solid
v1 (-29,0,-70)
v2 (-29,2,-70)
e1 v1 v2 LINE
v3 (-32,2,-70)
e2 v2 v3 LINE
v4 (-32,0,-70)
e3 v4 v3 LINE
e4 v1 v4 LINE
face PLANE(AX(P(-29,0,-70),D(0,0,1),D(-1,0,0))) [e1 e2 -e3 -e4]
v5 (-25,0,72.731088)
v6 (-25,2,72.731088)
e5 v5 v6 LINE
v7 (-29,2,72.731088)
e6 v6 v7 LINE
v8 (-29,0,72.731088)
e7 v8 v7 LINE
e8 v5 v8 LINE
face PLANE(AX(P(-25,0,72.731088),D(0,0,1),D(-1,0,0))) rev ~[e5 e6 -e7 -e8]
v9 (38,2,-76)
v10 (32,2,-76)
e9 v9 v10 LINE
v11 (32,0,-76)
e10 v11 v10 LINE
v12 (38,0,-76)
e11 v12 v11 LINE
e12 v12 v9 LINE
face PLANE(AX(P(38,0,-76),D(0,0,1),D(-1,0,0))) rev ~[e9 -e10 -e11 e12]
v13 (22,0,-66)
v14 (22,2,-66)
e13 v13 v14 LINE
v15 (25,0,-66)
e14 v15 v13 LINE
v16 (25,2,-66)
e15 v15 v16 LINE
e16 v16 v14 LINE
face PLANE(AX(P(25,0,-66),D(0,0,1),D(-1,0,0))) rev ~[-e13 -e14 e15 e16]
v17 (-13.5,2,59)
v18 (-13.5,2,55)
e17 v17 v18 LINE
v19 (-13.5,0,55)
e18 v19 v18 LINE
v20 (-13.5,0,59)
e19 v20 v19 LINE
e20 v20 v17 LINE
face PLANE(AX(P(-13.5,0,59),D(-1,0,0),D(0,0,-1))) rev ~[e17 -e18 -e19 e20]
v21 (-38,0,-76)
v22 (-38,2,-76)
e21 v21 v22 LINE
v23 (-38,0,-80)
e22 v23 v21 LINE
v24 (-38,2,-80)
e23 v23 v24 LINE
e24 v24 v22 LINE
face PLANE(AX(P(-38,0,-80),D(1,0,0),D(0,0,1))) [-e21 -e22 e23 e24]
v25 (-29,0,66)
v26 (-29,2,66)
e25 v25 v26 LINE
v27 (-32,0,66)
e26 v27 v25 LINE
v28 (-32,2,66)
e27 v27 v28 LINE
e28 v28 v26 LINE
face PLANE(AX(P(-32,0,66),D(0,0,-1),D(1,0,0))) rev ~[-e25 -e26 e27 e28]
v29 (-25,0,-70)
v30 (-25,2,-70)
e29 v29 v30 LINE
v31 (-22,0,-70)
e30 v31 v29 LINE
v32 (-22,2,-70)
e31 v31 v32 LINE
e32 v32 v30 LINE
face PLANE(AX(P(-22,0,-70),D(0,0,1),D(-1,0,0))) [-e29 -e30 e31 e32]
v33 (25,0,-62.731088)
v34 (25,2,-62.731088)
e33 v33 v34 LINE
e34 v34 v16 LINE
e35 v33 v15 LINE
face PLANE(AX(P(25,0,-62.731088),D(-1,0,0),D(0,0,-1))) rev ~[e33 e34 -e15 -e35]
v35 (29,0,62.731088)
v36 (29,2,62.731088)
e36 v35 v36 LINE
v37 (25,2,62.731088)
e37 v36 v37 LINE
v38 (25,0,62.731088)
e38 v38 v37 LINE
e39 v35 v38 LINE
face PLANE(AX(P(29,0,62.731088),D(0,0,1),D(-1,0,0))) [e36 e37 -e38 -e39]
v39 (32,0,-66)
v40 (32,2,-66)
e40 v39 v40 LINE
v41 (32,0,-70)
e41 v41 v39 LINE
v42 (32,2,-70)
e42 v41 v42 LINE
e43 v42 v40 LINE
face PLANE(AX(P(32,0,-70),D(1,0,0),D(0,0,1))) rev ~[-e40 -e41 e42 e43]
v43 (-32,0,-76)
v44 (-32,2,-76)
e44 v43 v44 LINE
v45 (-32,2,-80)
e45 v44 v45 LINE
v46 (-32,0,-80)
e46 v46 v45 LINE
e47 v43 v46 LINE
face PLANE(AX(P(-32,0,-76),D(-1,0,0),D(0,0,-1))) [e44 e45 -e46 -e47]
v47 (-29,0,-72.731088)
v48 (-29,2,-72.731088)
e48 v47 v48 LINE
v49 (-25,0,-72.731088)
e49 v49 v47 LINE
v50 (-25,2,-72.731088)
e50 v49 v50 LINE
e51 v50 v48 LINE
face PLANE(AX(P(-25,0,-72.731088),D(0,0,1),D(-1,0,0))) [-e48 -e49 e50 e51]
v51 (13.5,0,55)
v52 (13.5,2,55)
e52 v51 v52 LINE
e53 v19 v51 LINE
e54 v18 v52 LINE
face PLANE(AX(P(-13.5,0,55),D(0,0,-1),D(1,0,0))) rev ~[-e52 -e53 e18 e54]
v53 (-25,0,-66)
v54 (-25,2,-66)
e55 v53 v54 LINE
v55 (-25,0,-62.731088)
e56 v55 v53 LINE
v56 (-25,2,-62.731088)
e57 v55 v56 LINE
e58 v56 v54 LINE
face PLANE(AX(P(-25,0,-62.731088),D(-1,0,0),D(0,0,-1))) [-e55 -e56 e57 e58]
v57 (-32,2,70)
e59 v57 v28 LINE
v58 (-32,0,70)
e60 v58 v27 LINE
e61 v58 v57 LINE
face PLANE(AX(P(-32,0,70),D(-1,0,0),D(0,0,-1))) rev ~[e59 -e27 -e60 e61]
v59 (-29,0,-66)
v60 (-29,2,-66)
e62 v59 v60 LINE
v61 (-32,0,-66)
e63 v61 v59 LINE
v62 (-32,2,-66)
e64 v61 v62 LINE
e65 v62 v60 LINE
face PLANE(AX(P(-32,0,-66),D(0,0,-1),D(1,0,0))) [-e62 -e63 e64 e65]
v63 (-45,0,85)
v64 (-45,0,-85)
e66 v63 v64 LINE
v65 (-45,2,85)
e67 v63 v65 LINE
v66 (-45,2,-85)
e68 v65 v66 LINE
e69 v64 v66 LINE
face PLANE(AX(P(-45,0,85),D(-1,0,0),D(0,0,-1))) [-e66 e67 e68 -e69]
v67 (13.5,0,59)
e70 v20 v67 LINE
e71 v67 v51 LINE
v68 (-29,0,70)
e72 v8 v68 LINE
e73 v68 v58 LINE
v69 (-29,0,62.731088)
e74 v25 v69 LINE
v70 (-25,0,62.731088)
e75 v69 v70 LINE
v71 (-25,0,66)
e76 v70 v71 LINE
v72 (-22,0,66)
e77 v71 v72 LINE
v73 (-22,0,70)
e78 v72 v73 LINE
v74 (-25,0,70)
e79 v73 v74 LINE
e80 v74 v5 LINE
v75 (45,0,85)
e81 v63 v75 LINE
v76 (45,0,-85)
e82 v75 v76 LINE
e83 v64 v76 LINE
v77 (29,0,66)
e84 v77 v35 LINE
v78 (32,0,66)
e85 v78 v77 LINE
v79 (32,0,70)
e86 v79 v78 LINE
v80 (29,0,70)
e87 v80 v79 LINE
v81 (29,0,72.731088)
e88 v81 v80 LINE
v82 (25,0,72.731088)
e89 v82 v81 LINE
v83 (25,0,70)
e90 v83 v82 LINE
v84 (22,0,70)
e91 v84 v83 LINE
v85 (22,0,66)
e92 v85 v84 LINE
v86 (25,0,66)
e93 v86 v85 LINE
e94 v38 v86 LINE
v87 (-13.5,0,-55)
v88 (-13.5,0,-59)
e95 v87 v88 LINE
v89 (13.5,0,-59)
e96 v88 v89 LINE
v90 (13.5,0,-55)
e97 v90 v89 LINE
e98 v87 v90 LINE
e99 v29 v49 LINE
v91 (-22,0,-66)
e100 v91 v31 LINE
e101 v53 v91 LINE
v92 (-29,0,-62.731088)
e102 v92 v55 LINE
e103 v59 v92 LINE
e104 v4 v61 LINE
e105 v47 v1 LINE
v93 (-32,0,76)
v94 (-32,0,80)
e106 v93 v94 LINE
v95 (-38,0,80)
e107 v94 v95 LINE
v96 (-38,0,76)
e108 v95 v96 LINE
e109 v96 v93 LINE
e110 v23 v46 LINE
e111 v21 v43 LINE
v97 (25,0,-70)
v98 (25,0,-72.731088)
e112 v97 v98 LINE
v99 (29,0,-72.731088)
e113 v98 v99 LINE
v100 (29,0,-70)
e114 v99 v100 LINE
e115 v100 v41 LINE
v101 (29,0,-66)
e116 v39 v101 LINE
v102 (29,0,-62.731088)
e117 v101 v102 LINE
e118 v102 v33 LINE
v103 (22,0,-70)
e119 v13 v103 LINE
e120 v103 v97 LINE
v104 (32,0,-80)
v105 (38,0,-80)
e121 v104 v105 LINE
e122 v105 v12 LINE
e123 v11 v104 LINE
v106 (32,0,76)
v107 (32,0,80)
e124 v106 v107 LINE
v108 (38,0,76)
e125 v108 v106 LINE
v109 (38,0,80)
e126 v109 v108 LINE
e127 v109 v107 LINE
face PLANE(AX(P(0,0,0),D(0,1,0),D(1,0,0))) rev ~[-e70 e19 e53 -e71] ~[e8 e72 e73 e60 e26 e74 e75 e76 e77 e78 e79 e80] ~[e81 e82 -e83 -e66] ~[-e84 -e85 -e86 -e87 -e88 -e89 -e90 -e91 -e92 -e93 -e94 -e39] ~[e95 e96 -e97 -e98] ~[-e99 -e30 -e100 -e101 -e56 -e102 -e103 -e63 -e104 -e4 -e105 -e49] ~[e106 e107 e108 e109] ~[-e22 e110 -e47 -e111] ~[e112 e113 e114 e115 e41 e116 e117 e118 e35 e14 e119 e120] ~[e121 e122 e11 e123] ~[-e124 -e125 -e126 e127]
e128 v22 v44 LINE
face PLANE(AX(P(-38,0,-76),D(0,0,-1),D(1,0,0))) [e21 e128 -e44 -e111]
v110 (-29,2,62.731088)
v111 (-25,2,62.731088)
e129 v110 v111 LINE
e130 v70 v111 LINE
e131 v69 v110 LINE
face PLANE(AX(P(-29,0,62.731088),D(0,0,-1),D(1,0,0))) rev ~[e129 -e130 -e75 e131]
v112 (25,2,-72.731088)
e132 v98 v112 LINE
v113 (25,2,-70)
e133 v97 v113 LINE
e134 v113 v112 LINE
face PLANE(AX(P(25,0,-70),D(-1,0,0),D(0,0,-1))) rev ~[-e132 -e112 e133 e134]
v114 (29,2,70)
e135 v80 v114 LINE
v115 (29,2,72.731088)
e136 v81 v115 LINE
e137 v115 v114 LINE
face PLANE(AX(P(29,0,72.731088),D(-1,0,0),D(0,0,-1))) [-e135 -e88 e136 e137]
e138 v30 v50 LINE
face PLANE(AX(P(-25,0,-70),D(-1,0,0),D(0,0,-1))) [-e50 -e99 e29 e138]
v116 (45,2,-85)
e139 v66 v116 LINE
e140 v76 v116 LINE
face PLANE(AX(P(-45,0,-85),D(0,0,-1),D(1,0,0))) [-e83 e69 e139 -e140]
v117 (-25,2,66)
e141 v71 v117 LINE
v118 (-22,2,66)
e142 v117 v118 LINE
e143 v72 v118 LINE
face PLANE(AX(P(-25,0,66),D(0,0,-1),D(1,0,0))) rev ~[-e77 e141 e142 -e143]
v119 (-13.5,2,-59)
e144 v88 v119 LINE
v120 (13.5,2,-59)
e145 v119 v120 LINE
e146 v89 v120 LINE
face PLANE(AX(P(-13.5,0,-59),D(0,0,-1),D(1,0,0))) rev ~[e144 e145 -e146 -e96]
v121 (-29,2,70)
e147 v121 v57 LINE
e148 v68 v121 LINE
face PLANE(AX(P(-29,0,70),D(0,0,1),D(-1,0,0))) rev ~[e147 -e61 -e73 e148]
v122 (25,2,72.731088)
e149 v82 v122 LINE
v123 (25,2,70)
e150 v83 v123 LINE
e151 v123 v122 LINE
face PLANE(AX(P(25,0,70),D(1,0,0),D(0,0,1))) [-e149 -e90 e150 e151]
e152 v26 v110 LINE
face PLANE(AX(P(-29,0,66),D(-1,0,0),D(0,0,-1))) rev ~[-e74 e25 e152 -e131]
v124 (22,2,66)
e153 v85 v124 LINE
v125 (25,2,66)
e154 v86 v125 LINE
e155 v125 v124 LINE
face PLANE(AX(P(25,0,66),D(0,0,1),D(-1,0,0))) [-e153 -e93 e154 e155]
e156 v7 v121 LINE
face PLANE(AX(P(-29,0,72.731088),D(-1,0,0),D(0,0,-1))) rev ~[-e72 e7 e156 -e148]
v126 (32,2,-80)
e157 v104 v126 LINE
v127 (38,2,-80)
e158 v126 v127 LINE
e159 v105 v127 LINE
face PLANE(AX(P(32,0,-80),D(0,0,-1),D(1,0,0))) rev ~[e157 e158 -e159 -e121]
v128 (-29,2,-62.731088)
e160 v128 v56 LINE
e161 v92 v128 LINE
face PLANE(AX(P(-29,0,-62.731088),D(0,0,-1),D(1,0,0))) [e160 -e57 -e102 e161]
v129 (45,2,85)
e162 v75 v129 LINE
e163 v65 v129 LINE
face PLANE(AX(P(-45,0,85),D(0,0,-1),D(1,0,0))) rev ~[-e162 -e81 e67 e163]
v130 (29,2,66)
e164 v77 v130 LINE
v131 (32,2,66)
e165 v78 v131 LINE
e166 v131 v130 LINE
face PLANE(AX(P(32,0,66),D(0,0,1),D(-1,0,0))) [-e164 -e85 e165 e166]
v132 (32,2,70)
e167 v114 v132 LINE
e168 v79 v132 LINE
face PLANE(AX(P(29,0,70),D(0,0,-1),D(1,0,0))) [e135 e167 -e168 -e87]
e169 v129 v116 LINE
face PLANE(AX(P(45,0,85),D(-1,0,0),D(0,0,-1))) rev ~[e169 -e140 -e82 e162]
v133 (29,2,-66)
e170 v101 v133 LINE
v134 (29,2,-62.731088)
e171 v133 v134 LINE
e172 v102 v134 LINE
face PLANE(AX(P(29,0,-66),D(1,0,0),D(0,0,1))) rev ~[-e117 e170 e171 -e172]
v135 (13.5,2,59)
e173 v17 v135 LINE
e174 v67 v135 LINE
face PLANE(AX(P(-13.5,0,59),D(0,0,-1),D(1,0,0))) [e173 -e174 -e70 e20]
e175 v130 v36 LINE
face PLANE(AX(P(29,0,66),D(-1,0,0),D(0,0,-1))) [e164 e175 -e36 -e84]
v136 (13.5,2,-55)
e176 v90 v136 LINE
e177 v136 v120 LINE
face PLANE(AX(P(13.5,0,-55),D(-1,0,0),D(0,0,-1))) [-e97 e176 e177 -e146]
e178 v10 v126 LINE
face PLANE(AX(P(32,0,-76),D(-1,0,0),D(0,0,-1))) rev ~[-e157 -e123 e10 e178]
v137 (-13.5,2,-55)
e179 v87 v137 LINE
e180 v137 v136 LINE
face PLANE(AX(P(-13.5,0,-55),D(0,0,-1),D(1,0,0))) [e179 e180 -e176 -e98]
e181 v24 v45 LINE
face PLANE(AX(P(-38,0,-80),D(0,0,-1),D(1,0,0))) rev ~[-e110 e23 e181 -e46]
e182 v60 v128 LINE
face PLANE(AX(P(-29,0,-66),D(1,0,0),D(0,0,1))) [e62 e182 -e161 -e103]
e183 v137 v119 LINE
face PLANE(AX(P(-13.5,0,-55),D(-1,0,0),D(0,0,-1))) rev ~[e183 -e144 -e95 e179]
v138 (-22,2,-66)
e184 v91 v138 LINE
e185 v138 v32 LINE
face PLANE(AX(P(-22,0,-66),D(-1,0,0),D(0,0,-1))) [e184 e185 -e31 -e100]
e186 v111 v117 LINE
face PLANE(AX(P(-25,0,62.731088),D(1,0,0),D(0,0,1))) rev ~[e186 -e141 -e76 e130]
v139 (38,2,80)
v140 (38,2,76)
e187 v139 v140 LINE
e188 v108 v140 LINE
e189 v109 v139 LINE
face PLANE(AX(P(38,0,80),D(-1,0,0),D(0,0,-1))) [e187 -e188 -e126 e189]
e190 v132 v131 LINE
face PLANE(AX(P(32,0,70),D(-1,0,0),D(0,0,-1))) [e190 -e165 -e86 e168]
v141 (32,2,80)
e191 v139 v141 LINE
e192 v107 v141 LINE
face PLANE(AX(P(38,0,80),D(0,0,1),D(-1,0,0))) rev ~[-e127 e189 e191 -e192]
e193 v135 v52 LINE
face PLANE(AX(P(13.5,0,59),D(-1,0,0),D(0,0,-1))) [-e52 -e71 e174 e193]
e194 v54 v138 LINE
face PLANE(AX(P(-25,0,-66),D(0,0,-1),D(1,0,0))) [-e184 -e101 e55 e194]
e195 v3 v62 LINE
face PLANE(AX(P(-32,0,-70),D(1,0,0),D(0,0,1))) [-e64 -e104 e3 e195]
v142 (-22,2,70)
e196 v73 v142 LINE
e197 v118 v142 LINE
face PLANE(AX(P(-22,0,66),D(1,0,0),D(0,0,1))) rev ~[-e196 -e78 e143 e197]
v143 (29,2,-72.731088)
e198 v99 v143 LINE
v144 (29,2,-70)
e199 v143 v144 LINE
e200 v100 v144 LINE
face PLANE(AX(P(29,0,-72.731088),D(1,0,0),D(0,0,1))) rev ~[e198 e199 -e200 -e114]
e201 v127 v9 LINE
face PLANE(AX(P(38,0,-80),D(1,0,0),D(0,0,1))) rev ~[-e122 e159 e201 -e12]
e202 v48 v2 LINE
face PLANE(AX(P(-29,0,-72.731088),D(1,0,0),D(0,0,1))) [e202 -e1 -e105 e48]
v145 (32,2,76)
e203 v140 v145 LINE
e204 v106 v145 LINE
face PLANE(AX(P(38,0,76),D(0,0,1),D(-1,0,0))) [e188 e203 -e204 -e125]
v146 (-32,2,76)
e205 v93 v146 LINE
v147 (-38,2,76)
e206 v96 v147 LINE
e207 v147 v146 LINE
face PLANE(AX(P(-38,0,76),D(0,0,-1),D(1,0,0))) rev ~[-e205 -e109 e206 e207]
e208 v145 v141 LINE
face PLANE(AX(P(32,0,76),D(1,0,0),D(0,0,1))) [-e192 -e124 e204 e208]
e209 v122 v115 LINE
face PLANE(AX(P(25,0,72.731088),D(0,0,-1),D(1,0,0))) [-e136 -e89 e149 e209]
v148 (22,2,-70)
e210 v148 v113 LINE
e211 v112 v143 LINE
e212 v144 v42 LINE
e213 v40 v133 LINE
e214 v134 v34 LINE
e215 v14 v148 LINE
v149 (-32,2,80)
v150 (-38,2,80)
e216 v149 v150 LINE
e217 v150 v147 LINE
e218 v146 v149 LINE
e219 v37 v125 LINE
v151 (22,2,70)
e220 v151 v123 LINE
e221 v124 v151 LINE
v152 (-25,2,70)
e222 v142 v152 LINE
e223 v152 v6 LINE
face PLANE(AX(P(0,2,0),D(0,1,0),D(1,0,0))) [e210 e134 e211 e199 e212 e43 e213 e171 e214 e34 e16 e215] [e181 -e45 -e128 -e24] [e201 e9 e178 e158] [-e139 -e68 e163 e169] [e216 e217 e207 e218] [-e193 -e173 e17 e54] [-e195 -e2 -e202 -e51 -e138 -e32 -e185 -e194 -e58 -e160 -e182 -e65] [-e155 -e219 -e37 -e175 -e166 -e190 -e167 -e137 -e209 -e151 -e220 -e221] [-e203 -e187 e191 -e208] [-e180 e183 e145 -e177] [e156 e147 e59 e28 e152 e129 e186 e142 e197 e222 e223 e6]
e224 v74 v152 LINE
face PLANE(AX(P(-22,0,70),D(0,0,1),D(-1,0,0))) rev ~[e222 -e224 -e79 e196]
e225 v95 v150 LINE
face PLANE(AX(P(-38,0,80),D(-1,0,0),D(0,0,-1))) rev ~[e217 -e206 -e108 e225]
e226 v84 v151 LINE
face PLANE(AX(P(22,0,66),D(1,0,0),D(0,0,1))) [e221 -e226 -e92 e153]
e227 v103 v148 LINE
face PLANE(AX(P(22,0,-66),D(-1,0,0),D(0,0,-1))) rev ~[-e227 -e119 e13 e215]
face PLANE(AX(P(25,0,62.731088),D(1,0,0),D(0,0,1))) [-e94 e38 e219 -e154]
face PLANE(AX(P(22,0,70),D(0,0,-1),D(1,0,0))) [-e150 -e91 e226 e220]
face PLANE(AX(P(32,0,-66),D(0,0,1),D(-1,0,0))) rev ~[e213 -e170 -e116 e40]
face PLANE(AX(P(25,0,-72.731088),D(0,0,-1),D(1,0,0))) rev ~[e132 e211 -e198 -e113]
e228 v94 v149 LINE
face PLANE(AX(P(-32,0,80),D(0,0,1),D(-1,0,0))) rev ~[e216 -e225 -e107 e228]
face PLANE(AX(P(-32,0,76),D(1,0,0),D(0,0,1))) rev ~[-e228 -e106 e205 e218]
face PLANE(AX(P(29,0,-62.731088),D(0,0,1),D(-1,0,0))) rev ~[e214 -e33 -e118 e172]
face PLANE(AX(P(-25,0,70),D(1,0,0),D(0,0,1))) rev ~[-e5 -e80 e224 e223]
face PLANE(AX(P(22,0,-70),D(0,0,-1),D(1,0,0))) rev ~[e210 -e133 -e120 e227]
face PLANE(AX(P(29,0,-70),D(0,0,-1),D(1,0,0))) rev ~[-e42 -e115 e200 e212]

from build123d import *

# Parameters (mm, degrees)
SKETCH_1_W      = 90
SKETCH_1_H      = 170
SKETCH_1_W_2    = 27
SKETCH_1_H_2    = 4
EXTRUDE_1_DEPTH = 2


with BuildPart() as part:
    # 草图1 → 凸台-拉伸1 (new body)
    with BuildSketch(Plane(origin=(0, 0, 0), x_dir=(1, 0, 0), z_dir=(0, 1, 0))):
        Rectangle(SKETCH_1_W, SKETCH_1_H)
        Polygon((-29, -66), (-29, -62.731088435), (-25, -62.731088435), (-25, -66), (-22, -66), (-22, -70), (-25, -70), (-25, -72.731088435), (-29, -72.731088435), (-29, -70), (-32, -70), (-32, -66), align=None, mode=Mode.SUBTRACT)
        Polygon((29, -72.731088435), (29, -70), (32, -70), (32, -66), (29, -66), (29, -62.731088435), (25, -62.731088435), (25, -66), (22, -66), (22, -70), (25, -70), (25, -72.731088435), align=None, mode=Mode.SUBTRACT)
        Polygon((25, 72.731088435), (29, 72.731088435), (29, 70), (32, 70), (32, 66), (29, 66), (29, 62.731088435), (25, 62.731088435), (25, 66), (22, 66), (22, 70), (25, 70), align=None, mode=Mode.SUBTRACT)
        Polygon((-29, 72.731088435), (-29, 70), (-32, 70), (-32, 66), (-29, 66), (-29, 62.731088435), (-25, 62.731088435), (-25, 66), (-22, 66), (-22, 70), (-25, 70), (-25, 72.731088435), align=None, mode=Mode.SUBTRACT)
        Polygon((35, -80), (38, -80), (38, -76), (32, -76), (32, -80), align=None, mode=Mode.SUBTRACT)
        Polygon((-32, -76), (-32, -80), (-35, -80), (-38, -80), (-38, -76), align=None, mode=Mode.SUBTRACT)
        Polygon((32, 76), (32, 80), (35, 80), (38, 80), (38, 76), align=None, mode=Mode.SUBTRACT)
        Polygon((-38, 76), (-32, 76), (-32, 80), (-35, 80), (-38, 80), align=None, mode=Mode.SUBTRACT)
        with Locations((0, 57)):
            Rectangle(SKETCH_1_W_2, SKETCH_1_H_2, mode=Mode.SUBTRACT)
        with Locations((0, -57)):
            Rectangle(SKETCH_1_W_2, SKETCH_1_H_2, mode=Mode.SUBTRACT)
    extrude(amount=EXTRUDE_1_DEPTH)


solid = part.part
